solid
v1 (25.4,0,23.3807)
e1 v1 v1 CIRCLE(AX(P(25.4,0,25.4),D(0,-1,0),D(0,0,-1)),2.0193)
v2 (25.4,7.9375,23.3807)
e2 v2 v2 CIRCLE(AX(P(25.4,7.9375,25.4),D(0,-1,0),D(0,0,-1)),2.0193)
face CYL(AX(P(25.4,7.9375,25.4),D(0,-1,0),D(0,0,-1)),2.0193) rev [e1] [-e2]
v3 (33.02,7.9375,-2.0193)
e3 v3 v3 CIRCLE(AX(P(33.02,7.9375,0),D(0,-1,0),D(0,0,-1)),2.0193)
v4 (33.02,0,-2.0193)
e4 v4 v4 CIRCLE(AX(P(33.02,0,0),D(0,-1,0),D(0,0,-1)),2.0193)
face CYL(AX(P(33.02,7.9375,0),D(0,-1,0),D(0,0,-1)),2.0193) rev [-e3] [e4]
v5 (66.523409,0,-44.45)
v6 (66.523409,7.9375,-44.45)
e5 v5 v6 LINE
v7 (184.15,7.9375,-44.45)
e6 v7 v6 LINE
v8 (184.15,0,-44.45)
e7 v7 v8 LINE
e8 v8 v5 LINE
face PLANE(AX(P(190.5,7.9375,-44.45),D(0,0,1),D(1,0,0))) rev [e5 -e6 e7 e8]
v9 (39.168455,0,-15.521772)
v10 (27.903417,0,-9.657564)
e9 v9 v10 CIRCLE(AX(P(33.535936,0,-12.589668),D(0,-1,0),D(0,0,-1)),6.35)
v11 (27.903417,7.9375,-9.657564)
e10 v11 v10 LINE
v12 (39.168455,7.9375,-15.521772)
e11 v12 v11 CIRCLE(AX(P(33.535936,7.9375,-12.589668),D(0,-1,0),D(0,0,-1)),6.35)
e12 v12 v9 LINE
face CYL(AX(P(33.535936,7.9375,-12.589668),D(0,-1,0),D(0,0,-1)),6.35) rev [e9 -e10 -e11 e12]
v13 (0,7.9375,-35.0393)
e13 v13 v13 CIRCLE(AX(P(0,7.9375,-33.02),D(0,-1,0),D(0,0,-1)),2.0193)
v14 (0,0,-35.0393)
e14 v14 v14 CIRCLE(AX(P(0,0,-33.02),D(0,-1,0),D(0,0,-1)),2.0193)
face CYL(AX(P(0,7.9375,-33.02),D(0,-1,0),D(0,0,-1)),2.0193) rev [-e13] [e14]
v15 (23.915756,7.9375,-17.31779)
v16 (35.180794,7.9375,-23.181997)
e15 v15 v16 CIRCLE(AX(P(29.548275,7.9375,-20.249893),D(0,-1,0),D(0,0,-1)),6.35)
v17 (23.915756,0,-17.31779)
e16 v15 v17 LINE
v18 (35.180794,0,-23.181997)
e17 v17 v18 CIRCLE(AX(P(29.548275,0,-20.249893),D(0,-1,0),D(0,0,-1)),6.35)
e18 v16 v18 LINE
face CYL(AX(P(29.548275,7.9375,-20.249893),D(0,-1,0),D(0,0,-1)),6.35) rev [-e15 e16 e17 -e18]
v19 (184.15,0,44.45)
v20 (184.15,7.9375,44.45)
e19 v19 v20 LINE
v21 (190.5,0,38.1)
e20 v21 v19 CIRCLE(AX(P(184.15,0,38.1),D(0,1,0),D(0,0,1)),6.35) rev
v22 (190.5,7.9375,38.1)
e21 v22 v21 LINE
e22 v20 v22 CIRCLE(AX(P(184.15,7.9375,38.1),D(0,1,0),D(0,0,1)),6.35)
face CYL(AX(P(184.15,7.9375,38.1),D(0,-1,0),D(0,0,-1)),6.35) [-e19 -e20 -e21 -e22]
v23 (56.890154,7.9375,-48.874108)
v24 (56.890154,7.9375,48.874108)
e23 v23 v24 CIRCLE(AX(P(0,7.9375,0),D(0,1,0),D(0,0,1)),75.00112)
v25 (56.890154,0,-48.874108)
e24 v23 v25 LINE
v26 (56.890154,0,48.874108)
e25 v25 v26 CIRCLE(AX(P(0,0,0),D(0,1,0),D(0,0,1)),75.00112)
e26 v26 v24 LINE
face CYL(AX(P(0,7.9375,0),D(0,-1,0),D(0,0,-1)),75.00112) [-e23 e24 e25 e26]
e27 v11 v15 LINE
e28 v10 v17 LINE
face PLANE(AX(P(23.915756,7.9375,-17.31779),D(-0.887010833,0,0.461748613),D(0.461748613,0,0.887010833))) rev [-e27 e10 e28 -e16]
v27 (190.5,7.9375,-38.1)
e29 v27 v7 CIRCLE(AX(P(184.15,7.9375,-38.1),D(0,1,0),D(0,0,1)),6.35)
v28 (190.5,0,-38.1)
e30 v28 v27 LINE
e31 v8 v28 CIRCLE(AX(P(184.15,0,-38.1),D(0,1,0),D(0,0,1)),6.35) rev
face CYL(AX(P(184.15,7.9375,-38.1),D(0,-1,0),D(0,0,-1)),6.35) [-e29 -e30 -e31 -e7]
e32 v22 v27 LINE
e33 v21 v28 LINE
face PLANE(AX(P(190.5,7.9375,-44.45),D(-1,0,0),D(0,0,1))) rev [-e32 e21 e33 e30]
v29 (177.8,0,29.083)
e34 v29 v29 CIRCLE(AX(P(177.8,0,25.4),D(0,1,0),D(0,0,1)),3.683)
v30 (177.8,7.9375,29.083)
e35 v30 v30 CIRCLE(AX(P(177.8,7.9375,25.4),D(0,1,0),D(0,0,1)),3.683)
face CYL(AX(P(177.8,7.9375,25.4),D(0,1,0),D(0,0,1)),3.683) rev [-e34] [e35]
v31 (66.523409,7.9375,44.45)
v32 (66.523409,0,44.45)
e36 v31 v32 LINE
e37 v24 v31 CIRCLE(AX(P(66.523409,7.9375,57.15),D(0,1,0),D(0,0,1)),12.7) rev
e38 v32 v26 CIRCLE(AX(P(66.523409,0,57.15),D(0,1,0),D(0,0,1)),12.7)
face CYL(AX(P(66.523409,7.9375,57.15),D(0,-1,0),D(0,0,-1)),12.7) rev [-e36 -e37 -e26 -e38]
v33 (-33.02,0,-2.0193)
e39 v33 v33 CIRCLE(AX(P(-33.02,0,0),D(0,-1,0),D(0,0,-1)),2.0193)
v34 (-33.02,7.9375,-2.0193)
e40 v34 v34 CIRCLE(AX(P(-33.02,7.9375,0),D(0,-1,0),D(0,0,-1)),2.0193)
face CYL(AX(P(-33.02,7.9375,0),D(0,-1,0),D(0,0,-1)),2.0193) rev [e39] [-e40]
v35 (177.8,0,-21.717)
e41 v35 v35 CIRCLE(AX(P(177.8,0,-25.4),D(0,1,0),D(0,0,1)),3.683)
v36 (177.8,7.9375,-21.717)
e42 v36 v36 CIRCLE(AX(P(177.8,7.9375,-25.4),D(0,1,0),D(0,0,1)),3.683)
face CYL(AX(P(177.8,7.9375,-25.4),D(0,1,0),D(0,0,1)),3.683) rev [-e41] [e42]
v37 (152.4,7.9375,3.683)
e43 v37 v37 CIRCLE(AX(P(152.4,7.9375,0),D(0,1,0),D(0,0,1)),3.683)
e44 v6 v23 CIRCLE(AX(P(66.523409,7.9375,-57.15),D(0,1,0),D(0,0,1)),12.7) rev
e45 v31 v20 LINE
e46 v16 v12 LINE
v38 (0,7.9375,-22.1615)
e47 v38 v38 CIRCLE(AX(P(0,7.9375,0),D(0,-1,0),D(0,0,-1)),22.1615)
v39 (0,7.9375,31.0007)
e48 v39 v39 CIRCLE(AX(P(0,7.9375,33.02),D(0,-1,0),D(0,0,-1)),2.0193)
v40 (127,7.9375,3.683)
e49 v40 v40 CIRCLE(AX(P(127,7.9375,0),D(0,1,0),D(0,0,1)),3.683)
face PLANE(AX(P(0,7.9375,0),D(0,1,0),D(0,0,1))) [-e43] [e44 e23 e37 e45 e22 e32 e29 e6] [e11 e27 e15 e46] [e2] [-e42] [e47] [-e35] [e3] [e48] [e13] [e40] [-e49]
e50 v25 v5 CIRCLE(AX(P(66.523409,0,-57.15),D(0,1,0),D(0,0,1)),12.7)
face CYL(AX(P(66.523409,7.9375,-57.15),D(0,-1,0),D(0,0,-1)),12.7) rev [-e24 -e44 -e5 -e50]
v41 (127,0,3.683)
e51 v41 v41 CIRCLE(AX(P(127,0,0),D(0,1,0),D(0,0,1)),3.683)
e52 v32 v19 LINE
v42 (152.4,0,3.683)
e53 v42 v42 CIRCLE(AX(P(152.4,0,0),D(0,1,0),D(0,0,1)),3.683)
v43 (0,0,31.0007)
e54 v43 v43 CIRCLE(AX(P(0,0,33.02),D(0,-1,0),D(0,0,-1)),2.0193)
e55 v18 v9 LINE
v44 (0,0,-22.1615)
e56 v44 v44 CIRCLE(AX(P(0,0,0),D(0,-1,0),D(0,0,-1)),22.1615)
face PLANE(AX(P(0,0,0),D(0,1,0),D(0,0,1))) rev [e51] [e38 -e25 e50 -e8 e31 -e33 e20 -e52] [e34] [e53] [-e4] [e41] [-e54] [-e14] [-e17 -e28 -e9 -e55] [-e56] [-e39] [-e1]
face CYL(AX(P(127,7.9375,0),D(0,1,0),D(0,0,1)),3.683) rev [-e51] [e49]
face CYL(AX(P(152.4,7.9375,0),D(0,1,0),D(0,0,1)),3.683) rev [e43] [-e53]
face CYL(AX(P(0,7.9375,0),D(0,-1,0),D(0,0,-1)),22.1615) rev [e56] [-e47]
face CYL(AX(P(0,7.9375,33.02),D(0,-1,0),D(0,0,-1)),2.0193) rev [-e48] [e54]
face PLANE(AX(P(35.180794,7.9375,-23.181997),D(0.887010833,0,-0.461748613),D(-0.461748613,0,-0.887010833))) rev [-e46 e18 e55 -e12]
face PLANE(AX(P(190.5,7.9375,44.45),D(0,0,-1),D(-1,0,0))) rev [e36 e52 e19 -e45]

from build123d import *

# Parameters (mm, degrees)
BOSS_EXTRUDE1_DEPTH     = 7.9375
SKETCH23_R              = 22.1615
SKETCH23_R_2            = 2.0193
CUT_EXTRUDE4_DEPTH      = 205.886363401
L_0_29_DIAMETER_HOLE1_D = 7.366
FILLET2_R               = 6.35
FILLET3_R               = 12.7


with BuildPart() as part:
    # Sketch1 → Boss-Extrude1 (new body)
    with BuildSketch(Plane(origin=(0, 0, 0), x_dir=(1, 0, 0), z_dir=(0, 1, 0))):
        with BuildLine():
            Line((190.5, -44.45), (60.409978491, -44.45))
            ThreePointArc((60.409978491, -44.45), (-75.00112, 0), (60.409978491, 44.45))
            Line((60.409978491, 44.45), (190.5, 44.45))
            Line((190.5, 44.45), (190.5, -44.45))
        make_face()
    extrude(amount=BOSS_EXTRUDE1_DEPTH)

    # Sketch23 → Cut-Extrude4 (cut, through all)
    with BuildSketch(Plane.XZ):
        with Locations(Location((0, 0, 0), (0, 0, 270))):
            Circle(SKETCH23_R)
        with Locations(Location((0, 33.02, 0), (0, 0, 270))):
            Circle(SKETCH23_R_2)
        with Locations(Location((33.02, 0, 0), (0, 0, 270))):
            Circle(SKETCH23_R_2)
        with Locations(Location((0, -33.02, 0), (0, 0, 270))):
            Circle(SKETCH23_R_2)
        with Locations(Location((-33.02, 0, 0), (0, 0, 270))):
            Circle(SKETCH23_R_2)
        with Locations(Location((25.4, 25.4, 0), (0, 0, 270))):
            Circle(SKETCH23_R_2)
        with BuildLine():
            Line((23.915755925, -17.31778977), (27.903416949, -9.657564215))
            ThreePointArc((27.903416949, -9.657564215), (36.468039434, -6.957149118), (39.16845453, -15.521771603))
            Line((39.16845453, -15.521771603), (35.180793507, -23.181997158))
            ThreePointArc((35.180793507, -23.181997158), (26.616171022, -25.882412255), (23.915755925, -17.31778977))
        make_face()
    extrude(amount=-CUT_EXTRUDE4_DEPTH, mode=Mode.SUBTRACT)

    # L (0.29) Diameter Hole1 (through all)
    with Locations(Plane(origin=(0, 7.9375, 0), x_dir=(1, 0, 0), z_dir=(0, 1, 0))):
        with Locations((177.8, 25.4), (177.8, -25.4), (152.4, 0), (127, 0)):
            Hole(L_0_29_DIAMETER_HOLE1_D / 2)

    # Fillet2
    fillet2_edges = [part.edges().sort_by_distance(p)[0] for p in [
        (190.5, 3.96875, -44.45),
        (190.5, 3.96875, 44.45),
    ]]
    fillet(fillet2_edges, radius=FILLET2_R)

    # Fillet3
    fillet3_edges = [part.edges().sort_by_distance(p)[0] for p in [
        (60.409978491, 3.96875, -44.45),
        (60.409978491, 3.96875, 44.45),
    ]]
    fillet(fillet3_edges, radius=FILLET3_R)


solid = part.part
